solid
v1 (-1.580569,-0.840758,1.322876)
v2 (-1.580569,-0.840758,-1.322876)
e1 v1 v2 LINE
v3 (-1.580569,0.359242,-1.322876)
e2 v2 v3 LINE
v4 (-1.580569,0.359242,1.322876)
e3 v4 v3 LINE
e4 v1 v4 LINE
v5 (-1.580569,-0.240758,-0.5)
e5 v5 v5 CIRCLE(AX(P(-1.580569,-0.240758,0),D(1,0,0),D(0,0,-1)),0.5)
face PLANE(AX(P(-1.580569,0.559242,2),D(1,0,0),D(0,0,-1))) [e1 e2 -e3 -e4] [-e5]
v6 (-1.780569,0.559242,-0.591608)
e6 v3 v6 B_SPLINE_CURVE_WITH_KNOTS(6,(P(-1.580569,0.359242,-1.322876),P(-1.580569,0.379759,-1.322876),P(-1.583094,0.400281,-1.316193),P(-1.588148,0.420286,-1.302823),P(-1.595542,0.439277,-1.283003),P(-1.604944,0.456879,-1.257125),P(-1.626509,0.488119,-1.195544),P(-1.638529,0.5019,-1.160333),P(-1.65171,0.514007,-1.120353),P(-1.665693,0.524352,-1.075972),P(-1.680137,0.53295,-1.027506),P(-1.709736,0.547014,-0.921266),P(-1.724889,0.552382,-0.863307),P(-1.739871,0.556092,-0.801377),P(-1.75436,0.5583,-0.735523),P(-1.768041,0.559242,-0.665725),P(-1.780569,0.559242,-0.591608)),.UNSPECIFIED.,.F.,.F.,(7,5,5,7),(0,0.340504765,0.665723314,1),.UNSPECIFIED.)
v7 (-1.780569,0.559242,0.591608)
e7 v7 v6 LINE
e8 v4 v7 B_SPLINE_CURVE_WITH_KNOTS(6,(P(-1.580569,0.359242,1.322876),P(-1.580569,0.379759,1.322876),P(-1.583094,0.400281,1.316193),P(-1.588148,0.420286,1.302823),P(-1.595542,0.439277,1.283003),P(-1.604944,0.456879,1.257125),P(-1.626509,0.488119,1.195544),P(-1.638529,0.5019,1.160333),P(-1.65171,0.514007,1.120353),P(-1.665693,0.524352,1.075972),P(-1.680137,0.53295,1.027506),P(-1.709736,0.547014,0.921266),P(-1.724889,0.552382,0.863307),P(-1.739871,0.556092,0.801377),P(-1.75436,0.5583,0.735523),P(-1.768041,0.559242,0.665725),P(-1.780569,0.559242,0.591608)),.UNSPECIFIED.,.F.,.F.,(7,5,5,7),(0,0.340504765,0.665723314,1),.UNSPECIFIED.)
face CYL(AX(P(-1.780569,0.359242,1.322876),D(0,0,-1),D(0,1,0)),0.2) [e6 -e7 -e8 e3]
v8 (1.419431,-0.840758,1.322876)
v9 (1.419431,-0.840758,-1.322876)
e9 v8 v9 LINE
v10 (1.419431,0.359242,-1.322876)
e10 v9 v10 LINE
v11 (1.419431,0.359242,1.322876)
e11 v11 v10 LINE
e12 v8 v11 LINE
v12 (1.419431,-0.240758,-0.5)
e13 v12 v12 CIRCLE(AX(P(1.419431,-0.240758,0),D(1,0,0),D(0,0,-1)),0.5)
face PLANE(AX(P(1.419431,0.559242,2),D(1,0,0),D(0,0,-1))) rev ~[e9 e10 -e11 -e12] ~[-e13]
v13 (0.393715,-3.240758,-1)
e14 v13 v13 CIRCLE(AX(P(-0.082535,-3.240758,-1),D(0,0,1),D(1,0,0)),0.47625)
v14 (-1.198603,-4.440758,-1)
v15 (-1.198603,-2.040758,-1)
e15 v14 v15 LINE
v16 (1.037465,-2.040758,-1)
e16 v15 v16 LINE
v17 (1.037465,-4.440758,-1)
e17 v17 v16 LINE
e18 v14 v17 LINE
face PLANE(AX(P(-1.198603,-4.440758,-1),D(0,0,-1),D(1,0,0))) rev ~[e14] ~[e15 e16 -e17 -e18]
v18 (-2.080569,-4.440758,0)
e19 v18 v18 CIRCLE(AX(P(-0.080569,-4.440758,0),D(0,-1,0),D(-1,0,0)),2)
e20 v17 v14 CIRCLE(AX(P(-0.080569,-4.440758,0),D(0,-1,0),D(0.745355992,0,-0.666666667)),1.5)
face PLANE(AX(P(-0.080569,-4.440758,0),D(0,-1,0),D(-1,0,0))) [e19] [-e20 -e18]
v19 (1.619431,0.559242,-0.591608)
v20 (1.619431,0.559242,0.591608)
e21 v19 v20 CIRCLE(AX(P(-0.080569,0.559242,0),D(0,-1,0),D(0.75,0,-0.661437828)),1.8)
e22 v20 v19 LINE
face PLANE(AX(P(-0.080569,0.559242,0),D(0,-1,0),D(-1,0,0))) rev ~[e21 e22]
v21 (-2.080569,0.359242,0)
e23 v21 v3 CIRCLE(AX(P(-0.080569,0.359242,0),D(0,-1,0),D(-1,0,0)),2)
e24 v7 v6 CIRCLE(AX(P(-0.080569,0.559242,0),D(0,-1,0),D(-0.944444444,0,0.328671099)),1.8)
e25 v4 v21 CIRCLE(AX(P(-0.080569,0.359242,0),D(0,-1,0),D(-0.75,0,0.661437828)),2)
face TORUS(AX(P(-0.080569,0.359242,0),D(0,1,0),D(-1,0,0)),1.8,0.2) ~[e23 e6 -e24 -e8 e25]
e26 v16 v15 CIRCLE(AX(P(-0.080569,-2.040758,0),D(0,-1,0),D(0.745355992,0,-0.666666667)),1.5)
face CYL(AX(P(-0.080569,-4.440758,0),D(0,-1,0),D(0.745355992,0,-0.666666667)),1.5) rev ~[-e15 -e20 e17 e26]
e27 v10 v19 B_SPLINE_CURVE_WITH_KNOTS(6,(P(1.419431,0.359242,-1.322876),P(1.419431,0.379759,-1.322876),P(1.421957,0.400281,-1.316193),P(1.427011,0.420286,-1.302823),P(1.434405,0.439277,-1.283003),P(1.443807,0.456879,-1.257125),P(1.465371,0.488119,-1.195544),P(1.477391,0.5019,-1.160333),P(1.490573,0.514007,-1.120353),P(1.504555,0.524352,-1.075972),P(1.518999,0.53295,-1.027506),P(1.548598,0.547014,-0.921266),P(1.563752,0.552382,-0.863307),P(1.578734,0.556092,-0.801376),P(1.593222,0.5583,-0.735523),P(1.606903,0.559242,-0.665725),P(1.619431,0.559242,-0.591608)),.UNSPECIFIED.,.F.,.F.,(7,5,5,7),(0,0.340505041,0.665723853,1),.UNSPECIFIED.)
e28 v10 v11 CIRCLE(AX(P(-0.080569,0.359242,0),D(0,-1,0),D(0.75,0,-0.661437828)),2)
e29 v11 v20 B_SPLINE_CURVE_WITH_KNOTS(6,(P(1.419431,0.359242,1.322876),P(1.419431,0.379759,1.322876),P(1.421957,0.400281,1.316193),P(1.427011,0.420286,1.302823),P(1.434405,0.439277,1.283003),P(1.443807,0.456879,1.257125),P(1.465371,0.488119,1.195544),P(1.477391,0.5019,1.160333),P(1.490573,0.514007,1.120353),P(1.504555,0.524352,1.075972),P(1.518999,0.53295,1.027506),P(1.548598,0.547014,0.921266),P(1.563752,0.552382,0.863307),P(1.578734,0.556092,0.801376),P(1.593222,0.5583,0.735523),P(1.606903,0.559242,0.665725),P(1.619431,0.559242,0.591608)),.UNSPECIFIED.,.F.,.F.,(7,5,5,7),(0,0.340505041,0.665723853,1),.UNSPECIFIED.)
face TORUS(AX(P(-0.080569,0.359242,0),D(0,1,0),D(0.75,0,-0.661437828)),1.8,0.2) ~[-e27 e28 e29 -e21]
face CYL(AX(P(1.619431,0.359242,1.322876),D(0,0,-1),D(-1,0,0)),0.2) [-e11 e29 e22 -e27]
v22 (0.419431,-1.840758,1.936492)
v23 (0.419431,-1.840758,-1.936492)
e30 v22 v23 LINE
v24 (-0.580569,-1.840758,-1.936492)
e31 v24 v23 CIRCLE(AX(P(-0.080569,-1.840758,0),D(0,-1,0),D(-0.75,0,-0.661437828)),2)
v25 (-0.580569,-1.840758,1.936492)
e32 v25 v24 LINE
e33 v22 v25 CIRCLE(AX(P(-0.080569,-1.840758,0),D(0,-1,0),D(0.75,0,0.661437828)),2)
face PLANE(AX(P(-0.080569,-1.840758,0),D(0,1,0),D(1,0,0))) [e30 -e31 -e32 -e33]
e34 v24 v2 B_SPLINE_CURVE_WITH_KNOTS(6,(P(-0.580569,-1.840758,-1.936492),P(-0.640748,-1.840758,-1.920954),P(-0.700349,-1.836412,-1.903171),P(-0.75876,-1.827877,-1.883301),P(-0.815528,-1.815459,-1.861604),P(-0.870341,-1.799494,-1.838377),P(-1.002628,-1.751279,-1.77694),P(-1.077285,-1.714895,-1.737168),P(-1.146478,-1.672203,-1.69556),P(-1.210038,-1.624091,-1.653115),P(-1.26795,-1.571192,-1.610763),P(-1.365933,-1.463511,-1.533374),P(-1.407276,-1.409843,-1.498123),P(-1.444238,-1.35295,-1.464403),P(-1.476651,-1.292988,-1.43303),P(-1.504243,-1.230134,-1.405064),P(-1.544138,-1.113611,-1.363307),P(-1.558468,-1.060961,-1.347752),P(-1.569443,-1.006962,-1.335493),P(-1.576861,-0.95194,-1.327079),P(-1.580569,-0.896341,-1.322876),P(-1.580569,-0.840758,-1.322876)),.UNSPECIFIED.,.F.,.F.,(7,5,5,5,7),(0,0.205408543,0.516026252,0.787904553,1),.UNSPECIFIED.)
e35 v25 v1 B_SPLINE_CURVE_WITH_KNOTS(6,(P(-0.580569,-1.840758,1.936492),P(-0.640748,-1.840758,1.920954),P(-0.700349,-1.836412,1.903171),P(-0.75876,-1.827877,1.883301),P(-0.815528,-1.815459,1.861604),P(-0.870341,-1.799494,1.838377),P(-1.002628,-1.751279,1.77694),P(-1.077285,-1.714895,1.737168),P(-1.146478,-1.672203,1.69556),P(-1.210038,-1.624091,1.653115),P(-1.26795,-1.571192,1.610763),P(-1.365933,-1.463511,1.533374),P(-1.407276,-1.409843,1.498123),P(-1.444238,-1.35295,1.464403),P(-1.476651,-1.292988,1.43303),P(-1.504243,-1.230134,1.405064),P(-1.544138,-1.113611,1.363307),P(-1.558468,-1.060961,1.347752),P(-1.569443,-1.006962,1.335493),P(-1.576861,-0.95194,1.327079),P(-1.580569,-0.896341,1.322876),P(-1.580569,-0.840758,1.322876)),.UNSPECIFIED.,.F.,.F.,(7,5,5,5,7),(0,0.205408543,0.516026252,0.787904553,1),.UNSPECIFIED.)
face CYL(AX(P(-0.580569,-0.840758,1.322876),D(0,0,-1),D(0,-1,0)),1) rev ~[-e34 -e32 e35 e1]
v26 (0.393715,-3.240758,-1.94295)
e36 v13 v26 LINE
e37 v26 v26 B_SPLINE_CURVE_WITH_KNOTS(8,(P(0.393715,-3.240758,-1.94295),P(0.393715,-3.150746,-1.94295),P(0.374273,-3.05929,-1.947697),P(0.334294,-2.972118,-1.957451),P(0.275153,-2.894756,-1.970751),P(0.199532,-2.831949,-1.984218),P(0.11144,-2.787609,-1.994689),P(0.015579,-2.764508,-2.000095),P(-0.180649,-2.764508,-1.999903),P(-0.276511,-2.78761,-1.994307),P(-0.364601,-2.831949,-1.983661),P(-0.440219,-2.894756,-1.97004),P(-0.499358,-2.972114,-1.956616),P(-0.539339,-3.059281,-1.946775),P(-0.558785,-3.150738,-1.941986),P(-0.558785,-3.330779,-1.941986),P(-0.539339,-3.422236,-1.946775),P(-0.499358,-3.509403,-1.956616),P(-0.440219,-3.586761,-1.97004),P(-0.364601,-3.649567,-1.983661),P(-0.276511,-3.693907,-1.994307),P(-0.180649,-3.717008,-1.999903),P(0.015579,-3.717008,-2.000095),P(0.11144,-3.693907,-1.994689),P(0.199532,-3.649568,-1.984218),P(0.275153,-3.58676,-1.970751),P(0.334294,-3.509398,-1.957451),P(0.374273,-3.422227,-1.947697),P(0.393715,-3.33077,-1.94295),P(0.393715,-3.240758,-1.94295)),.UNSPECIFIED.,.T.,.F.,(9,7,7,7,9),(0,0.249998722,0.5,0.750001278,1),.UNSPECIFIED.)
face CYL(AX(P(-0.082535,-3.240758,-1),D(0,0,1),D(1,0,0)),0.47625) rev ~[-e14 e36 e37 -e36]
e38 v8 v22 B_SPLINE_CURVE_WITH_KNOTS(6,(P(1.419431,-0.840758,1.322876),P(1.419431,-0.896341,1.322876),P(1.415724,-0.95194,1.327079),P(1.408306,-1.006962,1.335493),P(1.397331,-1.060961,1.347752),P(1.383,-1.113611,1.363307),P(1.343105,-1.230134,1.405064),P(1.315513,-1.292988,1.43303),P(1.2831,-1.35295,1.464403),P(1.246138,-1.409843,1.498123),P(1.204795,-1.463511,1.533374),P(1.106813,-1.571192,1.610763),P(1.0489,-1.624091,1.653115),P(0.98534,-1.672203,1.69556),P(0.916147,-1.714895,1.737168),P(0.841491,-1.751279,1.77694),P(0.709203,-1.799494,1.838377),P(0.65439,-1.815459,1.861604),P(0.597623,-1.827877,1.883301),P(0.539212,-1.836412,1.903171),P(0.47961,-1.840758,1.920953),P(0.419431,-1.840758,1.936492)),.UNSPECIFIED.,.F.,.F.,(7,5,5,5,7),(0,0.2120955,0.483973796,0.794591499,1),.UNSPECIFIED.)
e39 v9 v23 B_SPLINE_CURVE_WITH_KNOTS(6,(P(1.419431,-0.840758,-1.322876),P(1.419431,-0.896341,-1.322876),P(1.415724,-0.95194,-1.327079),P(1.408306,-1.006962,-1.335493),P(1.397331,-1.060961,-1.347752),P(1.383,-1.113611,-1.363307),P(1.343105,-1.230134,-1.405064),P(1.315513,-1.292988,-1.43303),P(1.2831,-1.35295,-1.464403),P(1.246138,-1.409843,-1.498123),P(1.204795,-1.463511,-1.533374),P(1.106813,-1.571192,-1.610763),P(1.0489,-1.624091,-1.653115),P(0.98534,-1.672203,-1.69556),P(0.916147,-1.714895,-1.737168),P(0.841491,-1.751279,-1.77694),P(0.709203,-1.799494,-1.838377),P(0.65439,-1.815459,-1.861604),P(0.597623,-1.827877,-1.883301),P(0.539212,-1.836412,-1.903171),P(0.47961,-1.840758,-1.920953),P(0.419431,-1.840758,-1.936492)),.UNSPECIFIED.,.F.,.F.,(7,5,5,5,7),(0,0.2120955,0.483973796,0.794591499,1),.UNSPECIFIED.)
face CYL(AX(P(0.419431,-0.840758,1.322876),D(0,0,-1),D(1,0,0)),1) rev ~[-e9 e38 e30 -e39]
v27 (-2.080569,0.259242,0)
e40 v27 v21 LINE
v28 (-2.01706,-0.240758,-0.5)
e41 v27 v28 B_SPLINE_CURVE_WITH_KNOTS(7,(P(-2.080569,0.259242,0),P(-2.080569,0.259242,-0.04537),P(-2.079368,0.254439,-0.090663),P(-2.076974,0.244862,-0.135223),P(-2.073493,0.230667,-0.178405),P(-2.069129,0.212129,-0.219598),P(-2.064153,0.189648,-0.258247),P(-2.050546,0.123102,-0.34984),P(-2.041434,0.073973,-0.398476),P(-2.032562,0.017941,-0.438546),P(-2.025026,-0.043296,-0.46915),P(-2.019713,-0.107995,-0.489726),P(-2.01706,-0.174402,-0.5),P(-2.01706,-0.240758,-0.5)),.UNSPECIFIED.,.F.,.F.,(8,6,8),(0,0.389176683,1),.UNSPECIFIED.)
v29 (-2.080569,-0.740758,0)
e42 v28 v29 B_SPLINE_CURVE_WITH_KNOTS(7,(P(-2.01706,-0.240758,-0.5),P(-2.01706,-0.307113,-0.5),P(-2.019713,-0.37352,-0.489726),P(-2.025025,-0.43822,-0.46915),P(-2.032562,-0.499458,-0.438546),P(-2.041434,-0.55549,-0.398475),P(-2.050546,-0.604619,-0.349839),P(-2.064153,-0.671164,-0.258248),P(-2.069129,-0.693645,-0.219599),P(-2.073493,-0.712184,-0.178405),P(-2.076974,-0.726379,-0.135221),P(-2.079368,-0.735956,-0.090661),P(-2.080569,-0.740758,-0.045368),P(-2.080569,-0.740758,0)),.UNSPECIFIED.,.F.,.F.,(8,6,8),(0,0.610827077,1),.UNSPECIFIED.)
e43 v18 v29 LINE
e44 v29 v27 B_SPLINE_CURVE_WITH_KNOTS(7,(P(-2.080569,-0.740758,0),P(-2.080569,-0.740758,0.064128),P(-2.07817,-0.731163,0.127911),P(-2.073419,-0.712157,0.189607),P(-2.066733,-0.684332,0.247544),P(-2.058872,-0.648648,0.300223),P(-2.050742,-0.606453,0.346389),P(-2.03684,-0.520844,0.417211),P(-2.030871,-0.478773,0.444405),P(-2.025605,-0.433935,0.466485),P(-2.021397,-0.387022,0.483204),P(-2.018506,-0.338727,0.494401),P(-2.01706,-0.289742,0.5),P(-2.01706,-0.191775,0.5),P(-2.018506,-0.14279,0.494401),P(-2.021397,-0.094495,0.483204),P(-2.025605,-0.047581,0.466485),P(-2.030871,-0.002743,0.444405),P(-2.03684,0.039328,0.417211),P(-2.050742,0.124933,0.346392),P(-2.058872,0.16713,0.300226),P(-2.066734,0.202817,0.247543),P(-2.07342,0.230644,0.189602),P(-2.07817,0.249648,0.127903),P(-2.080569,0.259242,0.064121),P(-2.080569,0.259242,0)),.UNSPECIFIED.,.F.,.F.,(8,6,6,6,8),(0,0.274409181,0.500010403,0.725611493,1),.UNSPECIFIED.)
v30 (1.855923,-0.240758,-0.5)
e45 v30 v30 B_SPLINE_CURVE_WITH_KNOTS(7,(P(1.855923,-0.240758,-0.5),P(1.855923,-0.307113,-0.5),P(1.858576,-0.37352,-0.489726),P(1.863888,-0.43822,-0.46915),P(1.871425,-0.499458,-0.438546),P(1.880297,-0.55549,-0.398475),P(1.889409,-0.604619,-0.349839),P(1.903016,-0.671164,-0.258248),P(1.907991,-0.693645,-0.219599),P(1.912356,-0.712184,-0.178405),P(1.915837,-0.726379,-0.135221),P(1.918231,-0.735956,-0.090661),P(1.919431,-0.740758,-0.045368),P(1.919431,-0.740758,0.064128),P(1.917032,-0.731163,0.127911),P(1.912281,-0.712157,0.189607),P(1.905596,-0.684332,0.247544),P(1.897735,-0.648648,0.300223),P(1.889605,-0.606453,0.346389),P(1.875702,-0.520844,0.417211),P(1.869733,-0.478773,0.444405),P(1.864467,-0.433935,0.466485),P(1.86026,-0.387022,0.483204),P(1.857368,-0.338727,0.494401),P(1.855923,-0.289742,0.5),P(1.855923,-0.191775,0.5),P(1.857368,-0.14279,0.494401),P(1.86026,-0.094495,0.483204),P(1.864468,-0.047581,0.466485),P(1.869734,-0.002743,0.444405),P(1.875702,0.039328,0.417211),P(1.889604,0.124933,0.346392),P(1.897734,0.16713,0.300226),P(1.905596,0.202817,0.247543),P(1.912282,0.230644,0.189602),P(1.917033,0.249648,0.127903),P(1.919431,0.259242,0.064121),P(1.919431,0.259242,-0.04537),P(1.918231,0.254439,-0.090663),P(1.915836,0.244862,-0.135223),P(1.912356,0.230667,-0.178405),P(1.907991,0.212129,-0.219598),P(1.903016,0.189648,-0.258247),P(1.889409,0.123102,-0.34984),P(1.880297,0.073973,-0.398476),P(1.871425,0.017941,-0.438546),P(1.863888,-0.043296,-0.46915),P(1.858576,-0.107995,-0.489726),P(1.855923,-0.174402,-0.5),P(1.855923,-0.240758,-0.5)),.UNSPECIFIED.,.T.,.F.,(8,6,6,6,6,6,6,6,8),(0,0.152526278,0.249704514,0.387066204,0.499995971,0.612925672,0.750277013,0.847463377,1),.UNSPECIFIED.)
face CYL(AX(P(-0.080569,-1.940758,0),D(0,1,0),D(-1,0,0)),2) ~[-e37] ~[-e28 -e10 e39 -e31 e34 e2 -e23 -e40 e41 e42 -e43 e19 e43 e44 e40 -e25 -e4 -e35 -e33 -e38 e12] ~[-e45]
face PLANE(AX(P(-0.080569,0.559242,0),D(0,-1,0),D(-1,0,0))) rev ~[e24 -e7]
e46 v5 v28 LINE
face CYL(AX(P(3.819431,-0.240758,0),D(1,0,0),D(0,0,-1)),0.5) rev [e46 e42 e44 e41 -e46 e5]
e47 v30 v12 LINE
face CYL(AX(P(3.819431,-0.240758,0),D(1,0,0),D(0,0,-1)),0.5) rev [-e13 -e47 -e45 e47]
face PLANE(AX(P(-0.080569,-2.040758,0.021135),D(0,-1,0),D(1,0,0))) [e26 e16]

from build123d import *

# Parameters (mm, degrees)
CROQUIS1_W                 = 2
CROQUIS1_H                 = 5
CROQUIS2_W                 = 3
CROQUIS2_H                 = 4
CORTAR_EXTRUIR1_DEPTH      = 2.4
CORTAR_EXTRUIR2_DEPTH      = 2.4
REDONDEO1_R                = 0.2
REDONDEO2_R                = 1
CORTAR_EXTRUIR3_DEPTH      = 4.4
CORTAR_EXTRUIR3_DEPTH_BACK = 2.4
CROQUIS4_R                 = 0.5
CROQUIS5_R                 = 0.47625
CORTAR_EXTRUIR4_DEPTH      = 2.5


with BuildPart() as part:
    # Croquis1 → Revolución1 (revolve)
    with BuildSketch(Plane.XY):
        with Locations((-1.08056872, -1.940758294)):
            Rectangle(CROQUIS1_W, CROQUIS1_H)
    revolve(axis=Axis((-0.08056872, 0.559241706, 0), (0, -1, 0)))

    # Croquis2 → Cortar-Extruir1 (cut)
    with BuildSketch(Plane(origin=(0, 0.559241706, 0), x_dir=(1, 0, 0), z_dir=(0, 1, 0))):
        with Locations((-0.08056872, 0)):
            Rectangle(CROQUIS2_W, CROQUIS2_H)
    extrude(amount=-CORTAR_EXTRUIR1_DEPTH, mode=Mode.SUBTRACT)

    # Croquis3 → Cortar-Extruir2 (cut)
    with BuildSketch(Plane.XZ.offset(4.440758294)):
        with BuildLine():
            Line((-1.198602709, -1), (1.037465268, -1))
            ThreePointArc((1.037465268, -1), (-0.08056872, 1.5), (-1.198602709, -1))
        make_face()
    extrude(amount=-CORTAR_EXTRUIR2_DEPTH, mode=Mode.SUBTRACT)

    # Redondeo1
    redondeo1_edges = [part.edges().sort_by_distance(p)[0] for p in [
        (-1.951397414, 0.559241706, -0.707106781),
        (-1.58056872, 0.559241706, 0),
        (1.41943128, 0.559241706, 0),
        (1.91943128, 0.559241706, 0),
    ]]
    fillet(redondeo1_edges, radius=REDONDEO1_R)

    # Redondeo2
    redondeo2_edges = [part.edges().sort_by_distance(p)[0] for p in [
        (1.41943128, -1.840758294, 0),
        (-1.58056872, -1.840758294, 0),
    ]]
    fillet(redondeo2_edges, radius=REDONDEO2_R)

    # Croquis4 → Cortar-Extruir3 (cut, two sides: drawn at the far end of the back side and taken through both)
    with BuildSketch(Plane.ZY.offset(-1.41943128).offset(-CORTAR_EXTRUIR3_DEPTH_BACK)):
        with Locations((0, -0.240758294)):
            Circle(CROQUIS4_R)
    extrude(amount=CORTAR_EXTRUIR3_DEPTH + CORTAR_EXTRUIR3_DEPTH_BACK, mode=Mode.SUBTRACT)

    # Croquis5 → Cortar-Extruir4 (cut)
    with BuildSketch(Plane.XY.offset(-1)):
        with Locations((-0.082534732, -3.240758294)):
            Circle(CROQUIS5_R)
    extrude(amount=-CORTAR_EXTRUIR4_DEPTH, mode=Mode.SUBTRACT)


solid = part.part
